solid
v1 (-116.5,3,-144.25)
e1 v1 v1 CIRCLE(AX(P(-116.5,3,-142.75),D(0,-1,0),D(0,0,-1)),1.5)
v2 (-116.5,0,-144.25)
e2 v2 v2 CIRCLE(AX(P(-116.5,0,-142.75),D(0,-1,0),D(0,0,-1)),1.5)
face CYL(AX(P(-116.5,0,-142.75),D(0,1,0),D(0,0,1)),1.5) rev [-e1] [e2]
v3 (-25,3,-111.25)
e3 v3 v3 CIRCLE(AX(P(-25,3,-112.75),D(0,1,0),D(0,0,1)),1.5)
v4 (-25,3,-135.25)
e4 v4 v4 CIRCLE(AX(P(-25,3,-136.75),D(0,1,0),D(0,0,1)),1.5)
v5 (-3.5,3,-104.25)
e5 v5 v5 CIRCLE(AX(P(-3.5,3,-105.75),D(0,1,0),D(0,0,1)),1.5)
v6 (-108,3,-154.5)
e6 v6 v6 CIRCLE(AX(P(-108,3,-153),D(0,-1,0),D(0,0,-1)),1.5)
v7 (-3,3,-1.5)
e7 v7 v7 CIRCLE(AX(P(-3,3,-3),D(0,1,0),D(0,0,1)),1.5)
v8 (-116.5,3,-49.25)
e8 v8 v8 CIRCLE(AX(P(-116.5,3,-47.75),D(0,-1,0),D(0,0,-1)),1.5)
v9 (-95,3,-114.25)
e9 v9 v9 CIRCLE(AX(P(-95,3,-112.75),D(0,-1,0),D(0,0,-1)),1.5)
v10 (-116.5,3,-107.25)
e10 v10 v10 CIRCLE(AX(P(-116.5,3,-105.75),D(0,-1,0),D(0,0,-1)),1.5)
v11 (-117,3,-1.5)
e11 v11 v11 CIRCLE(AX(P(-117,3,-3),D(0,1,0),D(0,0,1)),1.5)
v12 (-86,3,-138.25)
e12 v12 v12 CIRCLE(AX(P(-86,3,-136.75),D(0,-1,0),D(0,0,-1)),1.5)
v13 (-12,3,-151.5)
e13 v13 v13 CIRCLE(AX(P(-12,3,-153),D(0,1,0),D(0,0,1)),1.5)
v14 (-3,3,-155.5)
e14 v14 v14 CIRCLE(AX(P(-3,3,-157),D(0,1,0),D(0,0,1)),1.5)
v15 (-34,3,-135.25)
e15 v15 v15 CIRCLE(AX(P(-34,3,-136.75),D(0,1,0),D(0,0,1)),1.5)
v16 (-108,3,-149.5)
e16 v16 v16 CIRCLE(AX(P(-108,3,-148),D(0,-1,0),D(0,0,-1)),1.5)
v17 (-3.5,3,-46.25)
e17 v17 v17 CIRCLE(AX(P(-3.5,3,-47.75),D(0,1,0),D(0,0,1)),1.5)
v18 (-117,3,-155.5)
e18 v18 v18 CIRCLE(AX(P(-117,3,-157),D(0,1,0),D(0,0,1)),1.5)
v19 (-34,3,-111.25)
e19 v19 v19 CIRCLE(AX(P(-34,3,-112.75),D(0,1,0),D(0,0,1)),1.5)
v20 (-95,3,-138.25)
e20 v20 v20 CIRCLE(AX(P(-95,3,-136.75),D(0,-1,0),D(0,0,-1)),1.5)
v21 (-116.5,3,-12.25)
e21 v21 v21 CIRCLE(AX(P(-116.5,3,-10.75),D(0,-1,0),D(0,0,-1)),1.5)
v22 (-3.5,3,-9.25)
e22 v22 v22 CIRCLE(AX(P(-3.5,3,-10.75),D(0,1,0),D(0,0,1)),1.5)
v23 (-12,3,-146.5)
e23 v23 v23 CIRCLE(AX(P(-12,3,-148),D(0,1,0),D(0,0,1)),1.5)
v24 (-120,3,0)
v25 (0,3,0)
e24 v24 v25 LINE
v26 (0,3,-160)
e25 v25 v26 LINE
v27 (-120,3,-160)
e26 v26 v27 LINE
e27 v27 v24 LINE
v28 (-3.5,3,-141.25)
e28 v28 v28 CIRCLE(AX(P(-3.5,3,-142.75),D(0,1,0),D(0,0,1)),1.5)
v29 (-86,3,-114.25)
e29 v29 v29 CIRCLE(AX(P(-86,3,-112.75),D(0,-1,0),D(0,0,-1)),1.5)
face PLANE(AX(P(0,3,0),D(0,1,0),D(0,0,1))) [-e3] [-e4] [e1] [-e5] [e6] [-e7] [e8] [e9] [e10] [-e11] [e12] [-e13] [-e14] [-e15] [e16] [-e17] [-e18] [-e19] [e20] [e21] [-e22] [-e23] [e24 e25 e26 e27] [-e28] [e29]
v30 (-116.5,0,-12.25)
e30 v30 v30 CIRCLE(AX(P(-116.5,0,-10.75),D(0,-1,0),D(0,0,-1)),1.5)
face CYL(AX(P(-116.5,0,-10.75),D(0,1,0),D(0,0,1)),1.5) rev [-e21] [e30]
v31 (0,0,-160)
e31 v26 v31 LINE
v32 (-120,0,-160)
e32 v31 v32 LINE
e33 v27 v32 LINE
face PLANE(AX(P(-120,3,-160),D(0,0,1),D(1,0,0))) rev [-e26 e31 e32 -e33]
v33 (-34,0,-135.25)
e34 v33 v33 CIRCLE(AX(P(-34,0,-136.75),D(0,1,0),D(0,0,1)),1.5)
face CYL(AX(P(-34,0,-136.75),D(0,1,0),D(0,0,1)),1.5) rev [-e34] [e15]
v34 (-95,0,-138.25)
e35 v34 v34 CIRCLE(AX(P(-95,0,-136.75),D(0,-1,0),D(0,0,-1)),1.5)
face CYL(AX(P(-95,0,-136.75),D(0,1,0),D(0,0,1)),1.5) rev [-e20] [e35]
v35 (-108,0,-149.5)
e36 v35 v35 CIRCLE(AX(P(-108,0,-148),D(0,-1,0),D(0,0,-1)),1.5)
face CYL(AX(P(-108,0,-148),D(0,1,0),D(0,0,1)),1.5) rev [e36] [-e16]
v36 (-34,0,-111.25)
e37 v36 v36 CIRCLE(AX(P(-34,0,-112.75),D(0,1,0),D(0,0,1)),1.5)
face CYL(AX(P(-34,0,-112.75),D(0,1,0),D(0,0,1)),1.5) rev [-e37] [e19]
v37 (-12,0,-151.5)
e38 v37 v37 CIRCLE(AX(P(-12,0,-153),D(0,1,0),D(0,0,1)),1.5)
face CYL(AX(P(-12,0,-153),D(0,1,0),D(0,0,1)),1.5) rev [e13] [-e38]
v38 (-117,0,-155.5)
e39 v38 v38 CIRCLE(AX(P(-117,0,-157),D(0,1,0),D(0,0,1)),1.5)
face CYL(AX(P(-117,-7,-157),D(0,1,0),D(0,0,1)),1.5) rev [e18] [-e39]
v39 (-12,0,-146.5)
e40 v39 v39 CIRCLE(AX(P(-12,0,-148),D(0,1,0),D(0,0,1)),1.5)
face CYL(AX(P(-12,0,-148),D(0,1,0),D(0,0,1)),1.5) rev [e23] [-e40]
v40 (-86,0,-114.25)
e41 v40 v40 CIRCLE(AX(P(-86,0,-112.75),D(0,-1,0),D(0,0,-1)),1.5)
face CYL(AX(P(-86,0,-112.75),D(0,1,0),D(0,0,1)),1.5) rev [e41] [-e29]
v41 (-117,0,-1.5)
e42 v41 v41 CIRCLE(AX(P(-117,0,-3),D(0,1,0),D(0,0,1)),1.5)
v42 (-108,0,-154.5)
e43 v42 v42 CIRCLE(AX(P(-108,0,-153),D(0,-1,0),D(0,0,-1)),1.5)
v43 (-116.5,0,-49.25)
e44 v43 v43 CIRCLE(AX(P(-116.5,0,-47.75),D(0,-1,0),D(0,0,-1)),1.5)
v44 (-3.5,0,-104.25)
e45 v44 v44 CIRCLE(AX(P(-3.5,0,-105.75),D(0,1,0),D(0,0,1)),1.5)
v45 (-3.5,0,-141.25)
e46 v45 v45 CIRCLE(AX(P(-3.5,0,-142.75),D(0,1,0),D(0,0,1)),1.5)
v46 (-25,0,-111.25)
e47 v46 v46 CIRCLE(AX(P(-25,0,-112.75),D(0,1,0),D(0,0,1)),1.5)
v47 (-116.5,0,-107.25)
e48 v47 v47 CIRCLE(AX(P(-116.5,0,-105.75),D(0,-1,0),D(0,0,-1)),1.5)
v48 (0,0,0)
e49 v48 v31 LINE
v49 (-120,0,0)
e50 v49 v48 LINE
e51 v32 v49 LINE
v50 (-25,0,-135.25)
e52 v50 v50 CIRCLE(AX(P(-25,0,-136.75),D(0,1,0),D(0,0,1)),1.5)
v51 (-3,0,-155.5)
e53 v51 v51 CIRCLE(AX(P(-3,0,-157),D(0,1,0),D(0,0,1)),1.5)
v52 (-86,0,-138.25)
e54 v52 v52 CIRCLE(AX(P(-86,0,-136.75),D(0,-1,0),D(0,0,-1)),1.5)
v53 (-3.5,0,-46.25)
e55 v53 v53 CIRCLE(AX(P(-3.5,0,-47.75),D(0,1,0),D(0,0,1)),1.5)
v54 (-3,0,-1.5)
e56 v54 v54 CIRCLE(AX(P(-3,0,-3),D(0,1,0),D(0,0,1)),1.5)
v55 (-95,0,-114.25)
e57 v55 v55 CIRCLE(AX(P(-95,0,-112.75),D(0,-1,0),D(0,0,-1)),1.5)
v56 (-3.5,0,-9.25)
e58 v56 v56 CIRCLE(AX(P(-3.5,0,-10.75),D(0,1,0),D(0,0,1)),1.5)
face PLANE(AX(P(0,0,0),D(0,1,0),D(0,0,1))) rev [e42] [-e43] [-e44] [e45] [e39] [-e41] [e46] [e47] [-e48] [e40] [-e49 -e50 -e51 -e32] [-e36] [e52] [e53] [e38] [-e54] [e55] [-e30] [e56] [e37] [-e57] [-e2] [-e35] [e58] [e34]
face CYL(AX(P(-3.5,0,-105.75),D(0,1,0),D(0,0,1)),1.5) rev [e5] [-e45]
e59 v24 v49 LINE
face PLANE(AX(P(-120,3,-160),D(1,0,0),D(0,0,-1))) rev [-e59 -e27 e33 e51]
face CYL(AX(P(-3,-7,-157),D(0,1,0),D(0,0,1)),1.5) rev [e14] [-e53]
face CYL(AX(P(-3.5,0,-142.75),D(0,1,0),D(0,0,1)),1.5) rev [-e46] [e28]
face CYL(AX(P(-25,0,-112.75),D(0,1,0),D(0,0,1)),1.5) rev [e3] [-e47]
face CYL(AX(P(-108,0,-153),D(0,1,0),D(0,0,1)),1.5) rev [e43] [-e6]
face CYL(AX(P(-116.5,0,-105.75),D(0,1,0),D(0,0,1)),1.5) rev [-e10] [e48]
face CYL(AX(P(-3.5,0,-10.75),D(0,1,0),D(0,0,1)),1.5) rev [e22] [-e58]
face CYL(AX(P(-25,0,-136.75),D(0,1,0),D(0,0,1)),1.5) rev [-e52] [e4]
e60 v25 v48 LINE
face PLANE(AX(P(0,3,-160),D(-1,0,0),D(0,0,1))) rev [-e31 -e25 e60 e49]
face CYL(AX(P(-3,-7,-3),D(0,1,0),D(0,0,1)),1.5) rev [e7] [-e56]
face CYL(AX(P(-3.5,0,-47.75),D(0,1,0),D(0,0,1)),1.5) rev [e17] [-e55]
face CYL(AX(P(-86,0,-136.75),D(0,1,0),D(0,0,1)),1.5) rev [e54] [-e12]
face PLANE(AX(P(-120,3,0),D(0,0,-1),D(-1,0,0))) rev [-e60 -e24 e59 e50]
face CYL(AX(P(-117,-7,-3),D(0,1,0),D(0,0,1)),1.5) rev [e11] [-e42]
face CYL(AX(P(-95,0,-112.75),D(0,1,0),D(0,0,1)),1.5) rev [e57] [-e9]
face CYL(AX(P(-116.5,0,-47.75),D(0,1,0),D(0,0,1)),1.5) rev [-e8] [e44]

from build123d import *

# Parameters (mm, degrees)
SKETCH1_W           = 120
SKETCH1_H           = 160
BOSS_EXTRUDE1_DEPTH = 3
SKETCH2_R           = 1.5
CUT_EXTRUDE12_DEPTH = 3
SKETCH3_R           = 1.5
CUT_EXTRUDE13_DEPTH = 10


with BuildPart() as part:
    # Sketch1 → Boss-Extrude1 (new body)
    with BuildSketch(Plane(origin=(0, 0, 0), x_dir=(1, 0, 0), z_dir=(0, 1, 0))):
        with Locations((-60, 80)):
            Rectangle(SKETCH1_W, SKETCH1_H)
    extrude(amount=BOSS_EXTRUDE1_DEPTH)

    # Sketch2 → Cut-Extrude12 (cut)
    with BuildSketch(Plane(origin=(0, 3, 0), x_dir=(1, 0, 0), z_dir=(0, 1, 0))):
        with Locations(Location((-25, 112.75, 0), (0, 0, 270))):
            Circle(SKETCH2_R)
        with Locations(Location((-3.5, 105.75, 0), (0, 0, 270))):
            Circle(SKETCH2_R)
        with Locations(Location((-34, 136.75, 0), (0, 0, 270))):
            Circle(SKETCH2_R)
        with Locations(Location((-25, 136.75, 0), (0, 0, 270))):
            Circle(SKETCH2_R)
        with Locations(Location((-34, 112.75, 0), (0, 0, 270))):
            Circle(SKETCH2_R)
        with Locations(Location((-3.5, 142.75, 0), (0, 0, 270))):
            Circle(SKETCH2_R)
        with Locations(Location((-12, 148, 0), (0, 0, 270))):
            Circle(SKETCH2_R)
        with Locations(Location((-12, 153, 0), (0, 0, 270))):
            Circle(SKETCH2_R)
        with Locations(Location((-108, 153, 0), (0, 0, 90))):
            Circle(SKETCH2_R)
        with Locations(Location((-108, 148, 0), (0, 0, 90))):
            Circle(SKETCH2_R)
        with Locations(Location((-116.5, 142.75, 0), (0, 0, 90))):
            Circle(SKETCH2_R)
        with Locations(Location((-95, 136.75, 0), (0, 0, 90))):
            Circle(SKETCH2_R)
        with Locations(Location((-86, 136.75, 0), (0, 0, 90))):
            Circle(SKETCH2_R)
        with Locations(Location((-86, 112.75, 0), (0, 0, 90))):
            Circle(SKETCH2_R)
        with Locations(Location((-95, 112.75, 0), (0, 0, 90))):
            Circle(SKETCH2_R)
        with Locations(Location((-116.5, 105.75, 0), (0, 0, 90))):
            Circle(SKETCH2_R)
        with Locations(Location((-3.5, 47.75, 0), (0, 0, 270))):
            Circle(SKETCH2_R)
        with Locations(Location((-3.5, 10.75, 0), (0, 0, 270))):
            Circle(SKETCH2_R)
        with Locations(Location((-116.5, 47.75, 0), (0, 0, 90))):
            Circle(SKETCH2_R)
        with Locations(Location((-116.5, 10.75, 0), (0, 0, 90))):
            Circle(SKETCH2_R)
    extrude(amount=-CUT_EXTRUDE12_DEPTH, mode=Mode.SUBTRACT)

    # Sketch3 → Cut-Extrude13 (cut)
    with BuildSketch(Plane(origin=(0, 3, 0), x_dir=(1, 0, 0), z_dir=(0, 1, 0))):
        with Locations(Location((-117, 157, 0), (0, 0, 270))):
            Circle(SKETCH3_R)
        with Locations(Location((-3, 157, 0), (0, 0, 270))):
            Circle(SKETCH3_R)
        with Locations(Location((-117, 3, 0), (0, 0, 270))):
            Circle(SKETCH3_R)
        with Locations(Location((-3, 3, 0), (0, 0, 270))):
            Circle(SKETCH3_R)
    extrude(amount=-CUT_EXTRUDE13_DEPTH, mode=Mode.SUBTRACT)


solid = part.part
